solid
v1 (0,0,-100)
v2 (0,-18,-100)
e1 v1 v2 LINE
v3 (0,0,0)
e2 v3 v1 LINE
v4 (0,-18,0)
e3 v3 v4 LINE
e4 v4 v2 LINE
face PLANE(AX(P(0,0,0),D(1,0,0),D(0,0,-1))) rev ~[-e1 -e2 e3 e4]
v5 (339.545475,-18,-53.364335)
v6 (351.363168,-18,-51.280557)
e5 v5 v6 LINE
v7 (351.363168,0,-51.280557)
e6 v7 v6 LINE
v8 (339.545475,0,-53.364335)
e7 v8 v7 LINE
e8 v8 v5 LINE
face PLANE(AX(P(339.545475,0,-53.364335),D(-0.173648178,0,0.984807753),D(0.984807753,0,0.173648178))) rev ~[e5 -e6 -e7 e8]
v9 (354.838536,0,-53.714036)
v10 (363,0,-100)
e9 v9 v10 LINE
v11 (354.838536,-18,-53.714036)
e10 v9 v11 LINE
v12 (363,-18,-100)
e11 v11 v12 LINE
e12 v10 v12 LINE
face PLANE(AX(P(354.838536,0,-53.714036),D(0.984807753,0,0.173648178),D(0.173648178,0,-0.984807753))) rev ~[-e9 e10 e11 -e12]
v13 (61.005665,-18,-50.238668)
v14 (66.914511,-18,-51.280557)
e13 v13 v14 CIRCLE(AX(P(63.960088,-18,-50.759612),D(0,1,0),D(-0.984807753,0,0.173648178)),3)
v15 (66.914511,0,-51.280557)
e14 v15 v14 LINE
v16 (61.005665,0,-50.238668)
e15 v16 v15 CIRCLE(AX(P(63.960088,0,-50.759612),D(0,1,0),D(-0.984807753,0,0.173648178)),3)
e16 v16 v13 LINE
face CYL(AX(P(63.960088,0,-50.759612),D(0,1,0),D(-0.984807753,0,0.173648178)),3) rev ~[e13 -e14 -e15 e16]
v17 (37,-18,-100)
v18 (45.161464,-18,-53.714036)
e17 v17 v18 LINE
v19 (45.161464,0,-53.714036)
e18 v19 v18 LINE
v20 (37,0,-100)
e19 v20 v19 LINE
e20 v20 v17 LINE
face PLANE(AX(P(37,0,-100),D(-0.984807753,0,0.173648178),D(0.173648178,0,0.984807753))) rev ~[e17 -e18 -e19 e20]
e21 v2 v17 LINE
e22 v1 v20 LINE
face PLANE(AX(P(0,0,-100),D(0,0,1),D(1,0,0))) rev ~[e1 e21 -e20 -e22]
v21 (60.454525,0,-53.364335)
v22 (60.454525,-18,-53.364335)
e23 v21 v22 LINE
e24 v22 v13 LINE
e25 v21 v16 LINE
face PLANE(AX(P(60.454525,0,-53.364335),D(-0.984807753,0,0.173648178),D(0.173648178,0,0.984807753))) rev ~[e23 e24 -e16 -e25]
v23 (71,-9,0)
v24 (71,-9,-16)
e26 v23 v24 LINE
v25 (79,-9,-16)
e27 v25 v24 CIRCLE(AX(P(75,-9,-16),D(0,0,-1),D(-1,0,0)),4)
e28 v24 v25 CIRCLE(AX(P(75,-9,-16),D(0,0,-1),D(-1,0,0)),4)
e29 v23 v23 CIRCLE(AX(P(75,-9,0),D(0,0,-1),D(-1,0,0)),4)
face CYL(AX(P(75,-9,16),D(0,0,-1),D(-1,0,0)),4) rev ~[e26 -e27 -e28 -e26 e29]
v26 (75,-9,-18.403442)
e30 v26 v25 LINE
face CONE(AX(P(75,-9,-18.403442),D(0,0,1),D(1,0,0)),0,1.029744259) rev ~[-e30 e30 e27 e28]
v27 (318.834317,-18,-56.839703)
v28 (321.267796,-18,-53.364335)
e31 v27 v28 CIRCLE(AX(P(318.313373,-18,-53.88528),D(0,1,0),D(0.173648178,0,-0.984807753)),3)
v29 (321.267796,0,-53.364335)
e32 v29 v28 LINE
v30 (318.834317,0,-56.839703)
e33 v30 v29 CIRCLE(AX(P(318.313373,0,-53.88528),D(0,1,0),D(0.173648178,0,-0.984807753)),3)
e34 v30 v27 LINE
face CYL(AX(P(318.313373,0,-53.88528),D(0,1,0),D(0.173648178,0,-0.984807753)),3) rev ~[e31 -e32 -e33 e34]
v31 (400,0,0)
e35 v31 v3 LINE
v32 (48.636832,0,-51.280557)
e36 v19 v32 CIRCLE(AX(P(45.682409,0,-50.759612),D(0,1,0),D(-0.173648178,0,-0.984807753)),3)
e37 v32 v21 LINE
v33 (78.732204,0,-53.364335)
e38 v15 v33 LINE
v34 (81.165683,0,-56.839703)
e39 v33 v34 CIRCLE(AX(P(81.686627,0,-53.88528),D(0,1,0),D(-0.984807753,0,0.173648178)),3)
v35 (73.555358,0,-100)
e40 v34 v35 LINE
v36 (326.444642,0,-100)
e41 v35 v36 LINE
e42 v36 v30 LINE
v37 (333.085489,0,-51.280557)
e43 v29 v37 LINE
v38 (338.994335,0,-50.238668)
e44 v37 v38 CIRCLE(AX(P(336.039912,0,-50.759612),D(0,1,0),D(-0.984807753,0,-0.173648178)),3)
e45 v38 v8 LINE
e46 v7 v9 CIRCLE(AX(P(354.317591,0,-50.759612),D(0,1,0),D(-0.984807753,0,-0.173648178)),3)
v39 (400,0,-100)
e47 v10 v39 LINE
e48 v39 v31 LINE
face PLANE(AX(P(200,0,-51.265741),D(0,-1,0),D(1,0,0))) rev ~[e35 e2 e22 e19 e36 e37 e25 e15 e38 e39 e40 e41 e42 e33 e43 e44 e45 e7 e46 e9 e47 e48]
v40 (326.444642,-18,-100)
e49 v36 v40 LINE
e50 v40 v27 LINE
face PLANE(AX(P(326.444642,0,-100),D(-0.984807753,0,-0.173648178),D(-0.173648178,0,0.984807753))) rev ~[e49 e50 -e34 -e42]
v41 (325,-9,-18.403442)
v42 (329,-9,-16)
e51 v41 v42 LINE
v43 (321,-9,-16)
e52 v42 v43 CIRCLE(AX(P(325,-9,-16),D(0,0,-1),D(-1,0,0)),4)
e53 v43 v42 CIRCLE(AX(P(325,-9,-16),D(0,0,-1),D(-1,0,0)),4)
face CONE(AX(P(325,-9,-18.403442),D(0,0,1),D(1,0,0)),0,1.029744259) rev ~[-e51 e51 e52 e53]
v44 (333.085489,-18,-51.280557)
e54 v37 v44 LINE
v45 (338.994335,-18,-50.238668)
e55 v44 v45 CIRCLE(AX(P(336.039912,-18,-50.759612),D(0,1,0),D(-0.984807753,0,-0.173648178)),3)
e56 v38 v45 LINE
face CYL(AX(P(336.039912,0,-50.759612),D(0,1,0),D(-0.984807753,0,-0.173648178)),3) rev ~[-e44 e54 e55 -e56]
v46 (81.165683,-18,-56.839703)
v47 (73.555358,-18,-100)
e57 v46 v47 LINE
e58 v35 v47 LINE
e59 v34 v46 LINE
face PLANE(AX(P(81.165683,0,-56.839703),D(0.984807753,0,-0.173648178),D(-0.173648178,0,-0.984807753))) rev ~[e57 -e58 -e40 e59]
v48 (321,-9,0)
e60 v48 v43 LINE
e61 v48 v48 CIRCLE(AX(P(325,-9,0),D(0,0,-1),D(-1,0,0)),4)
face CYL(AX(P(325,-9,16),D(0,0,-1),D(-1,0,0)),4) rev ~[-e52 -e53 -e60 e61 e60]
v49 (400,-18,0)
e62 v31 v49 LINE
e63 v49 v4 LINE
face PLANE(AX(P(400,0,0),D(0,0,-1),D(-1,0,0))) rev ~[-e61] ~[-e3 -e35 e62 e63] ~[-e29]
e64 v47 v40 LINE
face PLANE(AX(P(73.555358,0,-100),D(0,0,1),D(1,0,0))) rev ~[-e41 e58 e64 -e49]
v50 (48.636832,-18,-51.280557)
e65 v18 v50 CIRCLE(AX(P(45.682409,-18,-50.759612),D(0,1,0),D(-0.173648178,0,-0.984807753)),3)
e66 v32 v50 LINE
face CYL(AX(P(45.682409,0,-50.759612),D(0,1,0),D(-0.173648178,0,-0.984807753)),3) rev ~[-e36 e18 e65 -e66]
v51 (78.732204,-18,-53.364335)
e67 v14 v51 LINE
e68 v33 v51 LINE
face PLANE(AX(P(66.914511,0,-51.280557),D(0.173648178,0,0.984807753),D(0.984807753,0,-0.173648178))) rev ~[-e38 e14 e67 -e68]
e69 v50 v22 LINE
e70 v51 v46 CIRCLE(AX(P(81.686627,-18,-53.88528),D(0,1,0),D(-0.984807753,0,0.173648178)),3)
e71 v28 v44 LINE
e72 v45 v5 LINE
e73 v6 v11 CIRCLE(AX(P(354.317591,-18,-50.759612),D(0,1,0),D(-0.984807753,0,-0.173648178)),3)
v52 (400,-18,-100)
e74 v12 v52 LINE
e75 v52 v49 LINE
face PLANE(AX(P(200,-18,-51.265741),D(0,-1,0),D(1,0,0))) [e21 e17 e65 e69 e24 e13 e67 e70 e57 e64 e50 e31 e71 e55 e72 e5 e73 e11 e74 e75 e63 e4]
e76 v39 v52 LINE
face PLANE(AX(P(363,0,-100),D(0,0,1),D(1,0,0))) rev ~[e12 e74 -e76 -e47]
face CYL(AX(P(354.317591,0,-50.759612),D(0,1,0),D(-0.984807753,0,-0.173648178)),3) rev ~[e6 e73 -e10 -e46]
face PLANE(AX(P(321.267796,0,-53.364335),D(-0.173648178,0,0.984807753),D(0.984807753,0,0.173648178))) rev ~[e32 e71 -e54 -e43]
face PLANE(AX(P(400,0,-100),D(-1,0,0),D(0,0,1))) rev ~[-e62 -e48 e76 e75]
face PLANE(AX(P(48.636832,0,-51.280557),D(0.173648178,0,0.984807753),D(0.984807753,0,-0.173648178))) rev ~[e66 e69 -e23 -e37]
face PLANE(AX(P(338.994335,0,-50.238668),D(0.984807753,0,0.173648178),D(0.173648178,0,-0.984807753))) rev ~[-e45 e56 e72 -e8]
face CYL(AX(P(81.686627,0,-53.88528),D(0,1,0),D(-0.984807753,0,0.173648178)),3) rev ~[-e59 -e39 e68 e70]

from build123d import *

# Parameters (mm, degrees)
F1_DEPTH = 18
F3_D     = 8
F3_DEPTH = 16
F3_TIP   = 2.4034424761


with BuildPart() as f1:
    # F0 (on Front) → F1 (new body)
    with BuildSketch(Plane.XZ):
        with BuildLine():
            Line((400, 0), (0, 0))
            Line((0, 0), (0, -100))
            Line((0, -100), (37, -100))
            Line((37, -100), (45.1614643503, -53.7140356084))
            ThreePointArc((45.1614643503, -53.7140356084), (43.9616795743, -48.3021562165), (48.6368321424, -51.2805568824))
            Line((48.6368321424, -51.2805568824), (60.4545251785, -53.3643350144))
            Line((60.4545251785, -53.3643350144), (61.0056646383, -50.2386678164))
            ThreePointArc((61.0056646383, -50.2386678164), (64.4810324303, -47.8051890904), (66.9145111563, -51.2805568824))
            Line((66.9145111563, -51.2805568824), (78.7322041925, -53.3643350144))
            ThreePointArc((78.7322041925, -53.3643350144), (84.1440835844, -52.1645502383), (81.1656829185, -56.8397028064))
            Line((81.1656829185, -56.8397028064), (73.5553580279, -100))
            Line((73.5553580279, -100), (326.4446419721, -100))
            Line((326.4446419721, -100), (318.8343170815, -56.8397028064))
            ThreePointArc((318.8343170815, -56.8397028064), (315.8559164156, -52.1645502383), (321.2677958075, -53.3643350144))
            Line((321.2677958075, -53.3643350144), (333.0854888437, -51.2805568824))
            ThreePointArc((333.0854888437, -51.2805568824), (335.5189675697, -47.8051890904), (338.9943353617, -50.2386678164))
            Line((338.9943353617, -50.2386678164), (339.5454748215, -53.3643350144))
            Line((339.5454748215, -53.3643350144), (351.3631678576, -51.2805568824))
            ThreePointArc((351.3631678576, -51.2805568824), (356.0383204257, -48.3021562165), (354.8385356497, -53.7140356084))
            Line((354.8385356497, -53.7140356084), (363, -100))
            Line((363, -100), (400, -100))
            Line((400, -100), (400, 0))
        make_face()
    extrude(amount=F1_DEPTH)

    # F3
    with Locations(Plane.XY):
        with Locations((75, -9), (325, -9)):
            Hole(F3_D / 2, depth=F3_DEPTH)
            with Locations((0, 0, -(F3_DEPTH + F3_TIP / 2))):  # 118° drill point
                Cone(0, F3_D / 2, F3_TIP, mode=Mode.SUBTRACT)


solid = f1.part
